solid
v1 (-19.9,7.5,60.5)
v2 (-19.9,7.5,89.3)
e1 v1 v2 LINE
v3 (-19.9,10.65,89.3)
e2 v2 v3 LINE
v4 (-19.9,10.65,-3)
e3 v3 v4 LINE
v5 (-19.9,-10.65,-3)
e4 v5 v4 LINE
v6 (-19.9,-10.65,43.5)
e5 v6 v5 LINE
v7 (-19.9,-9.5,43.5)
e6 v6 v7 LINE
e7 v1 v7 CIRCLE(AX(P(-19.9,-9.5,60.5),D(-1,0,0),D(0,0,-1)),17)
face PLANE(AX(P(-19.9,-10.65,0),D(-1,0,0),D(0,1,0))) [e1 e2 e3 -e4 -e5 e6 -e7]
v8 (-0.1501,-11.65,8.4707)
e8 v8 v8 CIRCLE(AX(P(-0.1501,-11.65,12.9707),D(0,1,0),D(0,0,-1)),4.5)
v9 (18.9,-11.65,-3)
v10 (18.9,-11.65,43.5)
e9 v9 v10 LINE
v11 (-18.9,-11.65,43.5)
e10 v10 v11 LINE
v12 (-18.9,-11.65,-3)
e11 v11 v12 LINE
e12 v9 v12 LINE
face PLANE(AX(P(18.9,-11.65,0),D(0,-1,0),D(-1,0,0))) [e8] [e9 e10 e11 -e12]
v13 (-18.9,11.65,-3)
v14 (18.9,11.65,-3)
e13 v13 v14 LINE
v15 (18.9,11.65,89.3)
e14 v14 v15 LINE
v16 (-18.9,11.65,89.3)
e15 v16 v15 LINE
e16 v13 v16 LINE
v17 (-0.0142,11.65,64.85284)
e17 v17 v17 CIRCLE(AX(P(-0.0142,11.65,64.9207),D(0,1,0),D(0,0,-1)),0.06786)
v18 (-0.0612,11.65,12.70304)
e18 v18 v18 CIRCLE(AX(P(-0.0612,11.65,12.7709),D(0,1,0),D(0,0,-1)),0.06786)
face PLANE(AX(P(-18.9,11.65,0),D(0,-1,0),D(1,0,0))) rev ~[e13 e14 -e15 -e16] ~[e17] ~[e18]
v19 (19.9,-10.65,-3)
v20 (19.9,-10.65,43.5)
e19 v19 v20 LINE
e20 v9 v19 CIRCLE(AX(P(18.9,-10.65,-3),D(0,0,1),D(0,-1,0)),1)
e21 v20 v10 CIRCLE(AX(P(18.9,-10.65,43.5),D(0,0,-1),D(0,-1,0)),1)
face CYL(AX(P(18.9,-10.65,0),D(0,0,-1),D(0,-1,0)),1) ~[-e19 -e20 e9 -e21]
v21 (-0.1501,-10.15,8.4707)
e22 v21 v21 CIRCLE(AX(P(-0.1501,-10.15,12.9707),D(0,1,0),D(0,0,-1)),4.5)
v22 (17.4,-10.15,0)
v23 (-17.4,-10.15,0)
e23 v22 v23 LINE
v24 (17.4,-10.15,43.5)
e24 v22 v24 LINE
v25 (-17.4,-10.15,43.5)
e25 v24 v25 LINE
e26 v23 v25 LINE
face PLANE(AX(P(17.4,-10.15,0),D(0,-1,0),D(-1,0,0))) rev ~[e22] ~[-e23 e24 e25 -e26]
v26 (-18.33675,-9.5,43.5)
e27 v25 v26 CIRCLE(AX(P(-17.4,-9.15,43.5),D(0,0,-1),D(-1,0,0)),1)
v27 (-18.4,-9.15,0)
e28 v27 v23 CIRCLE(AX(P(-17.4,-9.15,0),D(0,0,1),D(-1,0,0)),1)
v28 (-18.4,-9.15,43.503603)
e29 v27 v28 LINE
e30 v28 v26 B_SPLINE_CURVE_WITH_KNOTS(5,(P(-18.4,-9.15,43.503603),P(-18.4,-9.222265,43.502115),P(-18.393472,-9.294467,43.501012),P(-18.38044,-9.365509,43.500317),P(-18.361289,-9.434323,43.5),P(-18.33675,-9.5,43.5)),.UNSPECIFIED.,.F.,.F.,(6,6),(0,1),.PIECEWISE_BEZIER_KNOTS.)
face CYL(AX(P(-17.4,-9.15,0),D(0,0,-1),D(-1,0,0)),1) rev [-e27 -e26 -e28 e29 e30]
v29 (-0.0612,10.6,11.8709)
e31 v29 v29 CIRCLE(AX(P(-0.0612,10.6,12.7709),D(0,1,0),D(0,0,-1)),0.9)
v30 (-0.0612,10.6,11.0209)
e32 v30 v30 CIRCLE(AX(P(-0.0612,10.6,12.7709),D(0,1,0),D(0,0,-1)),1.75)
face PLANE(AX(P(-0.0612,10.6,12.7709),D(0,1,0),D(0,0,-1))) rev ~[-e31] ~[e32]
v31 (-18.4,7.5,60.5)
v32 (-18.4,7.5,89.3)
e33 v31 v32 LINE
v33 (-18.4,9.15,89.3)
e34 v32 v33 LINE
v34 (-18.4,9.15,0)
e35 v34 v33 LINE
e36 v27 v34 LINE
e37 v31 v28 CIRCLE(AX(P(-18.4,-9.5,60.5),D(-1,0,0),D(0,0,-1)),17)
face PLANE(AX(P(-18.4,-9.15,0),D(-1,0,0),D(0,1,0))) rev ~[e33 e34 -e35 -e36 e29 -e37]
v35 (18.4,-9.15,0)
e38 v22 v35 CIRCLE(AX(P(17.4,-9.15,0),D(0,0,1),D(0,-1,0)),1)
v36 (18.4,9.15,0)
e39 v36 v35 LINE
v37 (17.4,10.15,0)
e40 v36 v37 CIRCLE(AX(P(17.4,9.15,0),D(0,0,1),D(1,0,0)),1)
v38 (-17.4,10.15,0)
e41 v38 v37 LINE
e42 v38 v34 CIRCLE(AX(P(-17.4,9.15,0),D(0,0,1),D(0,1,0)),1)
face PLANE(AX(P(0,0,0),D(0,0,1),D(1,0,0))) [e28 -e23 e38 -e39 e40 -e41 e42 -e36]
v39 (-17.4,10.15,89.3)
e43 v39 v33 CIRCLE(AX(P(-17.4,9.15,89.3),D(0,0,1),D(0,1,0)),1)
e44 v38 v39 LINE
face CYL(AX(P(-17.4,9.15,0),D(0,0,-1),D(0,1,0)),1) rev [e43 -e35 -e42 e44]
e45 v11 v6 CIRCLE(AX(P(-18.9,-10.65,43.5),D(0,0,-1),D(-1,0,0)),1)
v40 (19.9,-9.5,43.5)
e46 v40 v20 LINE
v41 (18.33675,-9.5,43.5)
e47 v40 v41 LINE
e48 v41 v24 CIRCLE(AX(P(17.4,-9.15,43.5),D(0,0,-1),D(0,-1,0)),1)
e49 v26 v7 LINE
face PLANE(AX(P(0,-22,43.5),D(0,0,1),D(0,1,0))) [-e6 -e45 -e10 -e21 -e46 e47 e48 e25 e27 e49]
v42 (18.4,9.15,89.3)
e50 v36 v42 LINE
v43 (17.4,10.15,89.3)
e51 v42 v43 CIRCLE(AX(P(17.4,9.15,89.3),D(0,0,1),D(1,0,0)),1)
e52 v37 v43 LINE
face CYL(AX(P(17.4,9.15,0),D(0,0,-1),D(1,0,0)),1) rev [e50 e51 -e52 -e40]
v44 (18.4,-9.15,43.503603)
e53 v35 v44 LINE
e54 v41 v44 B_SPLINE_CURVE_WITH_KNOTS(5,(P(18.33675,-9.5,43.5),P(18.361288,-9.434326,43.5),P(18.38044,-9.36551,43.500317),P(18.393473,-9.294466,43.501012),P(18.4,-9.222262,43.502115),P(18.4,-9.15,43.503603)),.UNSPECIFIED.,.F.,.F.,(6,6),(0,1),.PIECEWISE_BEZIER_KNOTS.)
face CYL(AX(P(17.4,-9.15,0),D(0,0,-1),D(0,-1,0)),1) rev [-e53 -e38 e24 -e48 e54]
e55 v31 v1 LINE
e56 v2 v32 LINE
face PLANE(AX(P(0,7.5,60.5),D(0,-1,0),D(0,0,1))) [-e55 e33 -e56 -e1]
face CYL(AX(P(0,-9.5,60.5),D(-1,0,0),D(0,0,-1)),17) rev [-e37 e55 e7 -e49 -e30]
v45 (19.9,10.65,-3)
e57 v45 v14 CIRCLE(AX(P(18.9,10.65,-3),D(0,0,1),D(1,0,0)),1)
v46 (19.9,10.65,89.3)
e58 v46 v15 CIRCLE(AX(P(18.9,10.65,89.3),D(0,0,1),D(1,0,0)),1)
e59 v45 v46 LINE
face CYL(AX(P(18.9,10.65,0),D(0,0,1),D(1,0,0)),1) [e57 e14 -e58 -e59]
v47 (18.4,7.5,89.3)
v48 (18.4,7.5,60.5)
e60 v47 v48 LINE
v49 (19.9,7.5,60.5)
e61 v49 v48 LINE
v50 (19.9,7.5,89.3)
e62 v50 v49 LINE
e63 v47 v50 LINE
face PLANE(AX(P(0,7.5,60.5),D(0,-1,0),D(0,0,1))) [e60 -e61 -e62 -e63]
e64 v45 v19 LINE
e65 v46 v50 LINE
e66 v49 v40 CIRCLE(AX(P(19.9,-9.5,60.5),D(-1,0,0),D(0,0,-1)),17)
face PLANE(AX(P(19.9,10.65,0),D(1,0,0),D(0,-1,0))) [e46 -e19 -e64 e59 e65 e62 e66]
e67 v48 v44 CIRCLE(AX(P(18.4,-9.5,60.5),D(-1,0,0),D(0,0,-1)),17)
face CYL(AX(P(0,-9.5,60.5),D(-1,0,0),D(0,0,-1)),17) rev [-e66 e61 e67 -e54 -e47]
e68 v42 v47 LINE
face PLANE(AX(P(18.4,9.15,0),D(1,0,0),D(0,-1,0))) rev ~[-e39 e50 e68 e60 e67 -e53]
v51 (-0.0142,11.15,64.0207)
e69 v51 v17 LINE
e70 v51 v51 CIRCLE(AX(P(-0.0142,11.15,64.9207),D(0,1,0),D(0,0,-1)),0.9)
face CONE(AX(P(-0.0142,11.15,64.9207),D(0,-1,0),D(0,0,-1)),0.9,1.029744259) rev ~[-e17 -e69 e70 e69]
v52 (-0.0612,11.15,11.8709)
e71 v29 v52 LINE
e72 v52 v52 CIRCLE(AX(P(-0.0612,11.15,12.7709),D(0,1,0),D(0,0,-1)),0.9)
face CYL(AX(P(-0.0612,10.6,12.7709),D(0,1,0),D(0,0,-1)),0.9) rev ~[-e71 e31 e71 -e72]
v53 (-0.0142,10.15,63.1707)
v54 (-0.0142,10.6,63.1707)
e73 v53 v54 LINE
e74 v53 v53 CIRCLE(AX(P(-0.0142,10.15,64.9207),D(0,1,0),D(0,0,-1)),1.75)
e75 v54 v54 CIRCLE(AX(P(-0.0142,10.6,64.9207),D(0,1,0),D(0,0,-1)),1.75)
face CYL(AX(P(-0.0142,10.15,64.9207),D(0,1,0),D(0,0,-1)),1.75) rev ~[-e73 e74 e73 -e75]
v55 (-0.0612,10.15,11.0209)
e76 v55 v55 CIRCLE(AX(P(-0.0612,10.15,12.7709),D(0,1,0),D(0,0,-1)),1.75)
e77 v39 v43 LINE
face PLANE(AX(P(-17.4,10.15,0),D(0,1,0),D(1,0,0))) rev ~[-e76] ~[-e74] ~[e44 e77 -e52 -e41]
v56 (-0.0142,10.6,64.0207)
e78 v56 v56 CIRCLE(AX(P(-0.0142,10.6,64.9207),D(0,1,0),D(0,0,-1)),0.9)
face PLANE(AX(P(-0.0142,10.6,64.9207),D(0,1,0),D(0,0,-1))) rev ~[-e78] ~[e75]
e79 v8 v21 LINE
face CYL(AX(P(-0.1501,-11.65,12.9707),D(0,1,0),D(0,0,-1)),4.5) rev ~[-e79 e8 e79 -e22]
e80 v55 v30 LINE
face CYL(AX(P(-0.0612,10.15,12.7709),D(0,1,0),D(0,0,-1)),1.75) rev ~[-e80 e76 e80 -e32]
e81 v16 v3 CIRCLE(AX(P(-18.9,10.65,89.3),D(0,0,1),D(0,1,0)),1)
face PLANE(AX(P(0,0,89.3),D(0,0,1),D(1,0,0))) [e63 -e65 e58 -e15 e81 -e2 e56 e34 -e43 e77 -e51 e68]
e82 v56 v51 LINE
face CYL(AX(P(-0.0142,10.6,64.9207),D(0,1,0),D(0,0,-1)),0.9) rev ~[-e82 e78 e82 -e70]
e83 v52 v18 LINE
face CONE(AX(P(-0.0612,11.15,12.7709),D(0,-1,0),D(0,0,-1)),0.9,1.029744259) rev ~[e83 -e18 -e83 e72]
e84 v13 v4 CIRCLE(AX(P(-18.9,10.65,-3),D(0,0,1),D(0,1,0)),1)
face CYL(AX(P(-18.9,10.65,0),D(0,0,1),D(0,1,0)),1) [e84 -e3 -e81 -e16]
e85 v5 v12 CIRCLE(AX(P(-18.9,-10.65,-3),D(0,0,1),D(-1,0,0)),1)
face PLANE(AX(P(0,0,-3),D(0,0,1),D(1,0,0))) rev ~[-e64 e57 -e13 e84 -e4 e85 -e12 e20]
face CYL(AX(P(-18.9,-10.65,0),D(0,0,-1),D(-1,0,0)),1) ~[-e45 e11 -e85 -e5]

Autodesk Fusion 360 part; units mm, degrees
sketch "Sketch1" plane through (0, 0, 0) normal (0, 1, 0) x (1, 0, 0)
  line L0 (17.4, 44.65) -> (-17.4, 44.65)
  line L1 (-17.4, 44.65) -> (-17.4, -44.65)
  line L2 (-17.4, -44.65) -> (17.4, -44.65)
  line L3 (17.4, -44.65) -> (17.4, 44.65)
  line L4 (17.4, 44.65) -> (-17.4, -44.65) construction
  line L5 (-17.4, 44.65) -> (17.4, -44.65) construction
  dimension "d1" = 34.8
  dimension "d2" = 89.3
sketch "Sketch2" plane through (0, 0, 0) normal (0, 0, 1) x (1, 0, 0)
  line L0 (17.4, -10.15) -> (-17.4, -10.15)
  line L1 (-18.4, -9.15) -> (-18.4, 9.15)
  line L2 (-17.4, 10.15) -> (17.4, 10.15)
  line L3 (18.4, 9.15) -> (18.4, -9.15)
  line L4 (18.4, -10.15) -> (-18.4, 10.15) construction
  line L5 (-18.4, -10.15) -> (18.4, 10.15) construction
  line L6 (18.9, -11.65) -> (-18.9, -11.65)
  line L7 (-19.9, -10.65) -> (-19.9, 10.65)
  line L8 (-18.9, 11.65) -> (18.9, 11.65)
  line L9 (19.9, 10.65) -> (19.9, -10.65)
  line L10 (19.9, -11.65) -> (-19.9, 11.65) construction
  line L11 (-19.9, -11.65) -> (19.9, 11.65) construction
  arc A0 (-17.4, 10.15) -> (-18.4, 9.15) centre (-17.4, 9.15) ccw
  arc A1 (18.4, 9.15) -> (17.4, 10.15) centre (17.4, 9.15) ccw
  arc A2 (17.4, -10.15) -> (18.4, -9.15) centre (17.4, -9.15) ccw
  arc A3 (-18.4, -9.15) -> (-17.4, -10.15) centre (-17.4, -9.15) ccw
  arc A4 (-18.9, 11.65) -> (-19.9, 10.65) centre (-18.9, 10.65) ccw
  arc A5 (19.9, 10.65) -> (18.9, 11.65) centre (18.9, 10.65) ccw
  arc A6 (18.9, -11.65) -> (19.9, -10.65) centre (18.9, -10.65) ccw
  arc A7 (-19.9, -10.65) -> (-18.9, -11.65) centre (-18.9, -10.65) ccw
  dimension "d3" = 36.8
  dimension "d4" = 20.3
  dimension "d5" = 39.8
  dimension "d6" = 23.3
  dimension "d7" = 1
  dimension "d8" = 1
extrude "Extrude1" add sketch "Sketch2" along normal blind 89.3 makes body 1
extrude "Extrude2" add sketch "Sketch2" against normal blind 3 separate body contours L0 L1 L2 L3 A0 A1 A2 A3 | L6 L7 L8 L9 A4 A5 A6 A7 makes body 2
sketch "Sketch3" plane through (0, 0, 0) normal (1, 0, 0) x (0, 1, 0)
  line L0 (7.5, 94.5) -> (-22, 94.5)
  line L1 (-22, 94.5) -> (-22, 43.5)
  line L2 (-22, 43.5) -> (-9.5, 43.5)
  line L3 (7.5, 60.5) -> (7.5, 94.5)
  line L4 (-10.65, 0) -> (10.65, 0)
  arc A0 (-9.5, 43.5) -> (7.5, 60.5) centre (-9.5, 60.5) ccw
  dimension "d13" = 43.5
  dimension "d14" = 17
extrude "Extrude3" cut sketch "Sketch3" along normal mid plane 200 bodies 1
hole "Hole1" at (-0.0142, 10.15, 64.9207) direction (0, 1, 0) diameter 1.8 depth 1 tip angle 118 counterbore diameter 3.5 counterbore depth 0.45 bodies 1
hole "Hole2" at (-0.0612, 10.15, 12.7709) direction (0, 1, 0) diameter 1.8 depth 1 tip angle 118 counterbore diameter 3.5 counterbore depth 0.45 bodies 1
hole "Hole3" at (-0.1501, -11.65, 12.9707) direction (0, 1, 0) diameter 9 depth 3 tip angle 180 bodies 1
combine "Combine1" operation add target body 1 tool bodies 2
equation "d5 = 36.8 mm + 3 mm"
equation "d6 = 20.3 mm + 3 mm"
